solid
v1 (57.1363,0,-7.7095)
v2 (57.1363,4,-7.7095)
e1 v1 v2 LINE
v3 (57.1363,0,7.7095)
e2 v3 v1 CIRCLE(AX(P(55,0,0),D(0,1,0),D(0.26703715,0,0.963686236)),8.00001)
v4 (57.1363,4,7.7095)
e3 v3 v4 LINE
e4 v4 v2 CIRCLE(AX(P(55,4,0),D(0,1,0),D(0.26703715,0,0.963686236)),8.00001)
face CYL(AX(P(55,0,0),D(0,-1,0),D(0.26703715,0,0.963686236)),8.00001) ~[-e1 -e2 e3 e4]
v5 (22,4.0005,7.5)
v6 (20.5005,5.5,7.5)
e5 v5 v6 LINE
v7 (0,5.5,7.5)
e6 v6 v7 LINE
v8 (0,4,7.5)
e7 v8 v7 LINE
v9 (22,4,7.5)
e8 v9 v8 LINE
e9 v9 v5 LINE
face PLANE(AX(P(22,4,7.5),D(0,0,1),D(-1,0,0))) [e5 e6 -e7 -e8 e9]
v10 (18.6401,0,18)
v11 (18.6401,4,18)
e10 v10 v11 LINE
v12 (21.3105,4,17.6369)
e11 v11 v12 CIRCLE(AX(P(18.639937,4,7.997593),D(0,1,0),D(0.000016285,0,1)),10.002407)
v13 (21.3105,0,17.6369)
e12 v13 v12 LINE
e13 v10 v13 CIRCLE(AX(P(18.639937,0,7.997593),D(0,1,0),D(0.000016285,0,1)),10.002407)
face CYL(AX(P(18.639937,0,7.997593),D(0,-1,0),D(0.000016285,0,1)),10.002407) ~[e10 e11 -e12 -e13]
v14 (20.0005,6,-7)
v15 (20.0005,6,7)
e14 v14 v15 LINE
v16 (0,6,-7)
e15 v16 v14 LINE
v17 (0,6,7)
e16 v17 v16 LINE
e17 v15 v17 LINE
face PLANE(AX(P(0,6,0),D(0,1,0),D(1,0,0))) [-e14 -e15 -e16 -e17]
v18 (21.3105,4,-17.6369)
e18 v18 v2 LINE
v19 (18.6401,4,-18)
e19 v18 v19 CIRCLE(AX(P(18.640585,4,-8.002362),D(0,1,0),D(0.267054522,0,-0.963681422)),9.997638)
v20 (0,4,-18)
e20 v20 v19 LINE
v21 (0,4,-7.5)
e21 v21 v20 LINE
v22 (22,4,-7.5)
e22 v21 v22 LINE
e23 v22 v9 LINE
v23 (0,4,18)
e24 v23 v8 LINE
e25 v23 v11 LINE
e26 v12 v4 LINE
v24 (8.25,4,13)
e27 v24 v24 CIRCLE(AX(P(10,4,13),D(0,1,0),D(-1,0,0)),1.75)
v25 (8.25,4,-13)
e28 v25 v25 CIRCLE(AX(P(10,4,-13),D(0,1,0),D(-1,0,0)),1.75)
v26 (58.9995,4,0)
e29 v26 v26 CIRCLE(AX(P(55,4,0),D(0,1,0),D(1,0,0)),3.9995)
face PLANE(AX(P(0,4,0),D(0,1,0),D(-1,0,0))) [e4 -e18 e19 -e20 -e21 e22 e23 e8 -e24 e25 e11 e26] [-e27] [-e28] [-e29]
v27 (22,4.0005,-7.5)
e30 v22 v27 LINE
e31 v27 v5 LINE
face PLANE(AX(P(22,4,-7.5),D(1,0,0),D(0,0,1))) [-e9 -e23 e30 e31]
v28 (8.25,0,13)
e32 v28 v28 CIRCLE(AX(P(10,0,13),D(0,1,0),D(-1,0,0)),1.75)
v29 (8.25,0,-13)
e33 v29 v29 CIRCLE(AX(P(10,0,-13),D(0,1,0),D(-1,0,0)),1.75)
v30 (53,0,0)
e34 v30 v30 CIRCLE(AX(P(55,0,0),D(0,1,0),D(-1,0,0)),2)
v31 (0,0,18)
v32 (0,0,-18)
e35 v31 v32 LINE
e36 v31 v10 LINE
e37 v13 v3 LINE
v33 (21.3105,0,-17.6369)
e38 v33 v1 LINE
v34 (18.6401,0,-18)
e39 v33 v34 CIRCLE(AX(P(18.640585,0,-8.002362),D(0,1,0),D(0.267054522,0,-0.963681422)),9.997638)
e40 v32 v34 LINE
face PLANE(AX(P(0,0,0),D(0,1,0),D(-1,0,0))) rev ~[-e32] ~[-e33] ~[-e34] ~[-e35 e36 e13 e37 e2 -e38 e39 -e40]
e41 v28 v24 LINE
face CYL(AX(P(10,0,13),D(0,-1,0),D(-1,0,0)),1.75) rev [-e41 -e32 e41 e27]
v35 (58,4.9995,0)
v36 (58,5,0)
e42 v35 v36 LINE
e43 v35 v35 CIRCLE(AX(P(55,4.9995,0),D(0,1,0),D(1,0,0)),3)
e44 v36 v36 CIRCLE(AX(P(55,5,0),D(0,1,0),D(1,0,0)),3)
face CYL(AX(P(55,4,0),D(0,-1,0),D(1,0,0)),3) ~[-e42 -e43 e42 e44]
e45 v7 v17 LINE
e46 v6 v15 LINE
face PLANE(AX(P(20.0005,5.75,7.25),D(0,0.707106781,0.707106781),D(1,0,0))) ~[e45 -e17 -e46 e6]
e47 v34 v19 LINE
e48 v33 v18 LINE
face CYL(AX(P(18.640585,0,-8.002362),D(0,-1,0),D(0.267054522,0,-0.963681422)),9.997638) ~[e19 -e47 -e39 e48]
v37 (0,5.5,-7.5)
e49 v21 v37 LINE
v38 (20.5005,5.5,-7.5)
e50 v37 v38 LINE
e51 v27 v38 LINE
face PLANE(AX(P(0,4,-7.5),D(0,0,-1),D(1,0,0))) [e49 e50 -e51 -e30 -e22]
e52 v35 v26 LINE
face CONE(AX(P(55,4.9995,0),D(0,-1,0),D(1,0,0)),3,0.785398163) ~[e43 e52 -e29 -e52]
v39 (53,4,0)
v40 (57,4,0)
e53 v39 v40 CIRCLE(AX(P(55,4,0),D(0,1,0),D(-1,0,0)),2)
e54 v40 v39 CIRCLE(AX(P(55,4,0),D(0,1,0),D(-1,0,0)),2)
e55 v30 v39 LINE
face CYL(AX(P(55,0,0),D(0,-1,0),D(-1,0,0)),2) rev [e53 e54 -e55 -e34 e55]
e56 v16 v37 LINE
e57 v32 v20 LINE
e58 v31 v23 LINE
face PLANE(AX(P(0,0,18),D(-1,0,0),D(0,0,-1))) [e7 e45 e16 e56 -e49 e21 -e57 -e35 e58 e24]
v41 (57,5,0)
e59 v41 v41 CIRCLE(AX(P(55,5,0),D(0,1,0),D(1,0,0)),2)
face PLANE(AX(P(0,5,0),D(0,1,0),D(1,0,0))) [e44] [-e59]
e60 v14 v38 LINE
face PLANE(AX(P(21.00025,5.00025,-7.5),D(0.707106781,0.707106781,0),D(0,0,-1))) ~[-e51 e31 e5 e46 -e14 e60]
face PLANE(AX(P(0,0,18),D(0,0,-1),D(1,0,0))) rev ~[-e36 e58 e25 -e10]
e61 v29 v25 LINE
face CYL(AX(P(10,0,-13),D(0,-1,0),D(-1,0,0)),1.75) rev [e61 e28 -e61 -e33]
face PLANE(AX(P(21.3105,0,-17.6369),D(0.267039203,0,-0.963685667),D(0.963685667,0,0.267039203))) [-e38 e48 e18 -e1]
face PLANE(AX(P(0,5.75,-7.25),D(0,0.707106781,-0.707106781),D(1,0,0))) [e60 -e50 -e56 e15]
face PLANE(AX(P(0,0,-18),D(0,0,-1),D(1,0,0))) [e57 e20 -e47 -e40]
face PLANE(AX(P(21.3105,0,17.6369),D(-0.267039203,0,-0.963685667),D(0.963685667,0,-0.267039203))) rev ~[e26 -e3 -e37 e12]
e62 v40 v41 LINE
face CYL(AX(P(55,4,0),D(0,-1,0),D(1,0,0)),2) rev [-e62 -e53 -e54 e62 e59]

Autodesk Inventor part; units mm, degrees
ref_plane "YZ Plane" through (0, 0, 0) normal (1, 0, 0) x (0, 1, 0)
ref_plane "XZ Plane" through (0, 0, 0) normal (0, 1, 0) x (-1, 0, 0)
ref_plane "XY Plane" through (0, 0, 0) normal (0, 0, 1) x (1, 0, 0)
sketch "Эскиз1" plane through (0, 0, 0) normal (0, 1, 0) x (-1, 0, 0)
  line L0 (0, 18) -> (0, -18)
  arc A0 (-57.1363, 7.7095) -> (-57.1363, -7.7095) centre (-55, 0) ccw
  line L1 (0, 0) -> (-6.25, 0) construction
  line L2 (0, 18) -> (-18.6401, 18)
  line L3 (-21.3105, 17.6369) -> (-57.1363, 7.7095)
  line L4 (0, -18) -> (-18.6401, -18)
  line L5 (-21.3105, -17.6369) -> (-57.1363, -7.7095)
  circle A1 centre (-55, 0) radius 2
  arc A2 (-18.6401, 18) -> (-21.3105, 17.6369) centre (-18.6401, 8) ccw
  arc A3 (-21.3105, -17.6369) -> (-18.6401, -18) centre (-18.6401, -8) ccw
  circle A4 centre (-10, -13) radius 1.75
  circle A5 centre (-10, 13) radius 1.75
  line L6 (-10, 13) -> (-10, -13) construction
  point P0 (-20, 18)
  dimension "d0" = 16
  dimension "d1" = 36
  dimension "d2" = 55
  dimension "d3" = 20
  dimension "d4" = 4
  dimension "d5" = 10
  dimension "d18" = 3.5
  dimension "d19" = 13
  dimension "d20" = 10
extrude "Выдавливание1" add sketch "Эскиз1" along normal blind 4
sketch "Эскиз2" plane through (0, 4, 0) normal (0, 1, 0) x (1, 0, 0)
  line L0 (0, 0) -> (14.985, 0) construction
  line L1 (0, 7.5) -> (22, 7.5)
  line L2 (22, 7.5) -> (22, -7.5)
  line L3 (22, -7.5) -> (0, -7.5)
  line L4 (0, -7.5) -> (0, 7.5)
  line L5 (0, 18) -> (0, -18) projected
  dimension "d8" = 15
  dimension "d9" = 22
extrude "Выдавливание2" add sketch "Эскиз2" along normal blind 2
chamfer "Фаска1" distance 2 angle 45 1 edges at (22, 6, 0)
chamfer "Фаска2" distance 0.5 angle 45 2 edges at (10.0002, 6, 7.5) (10.0003, 6, -7.5)
sketch "Эскиз4" plane through (0, 4, 0) normal (0, 1, 0) x (1, 0, 0)
  circle A0 centre (55, 0) radius 2 projected
  circle A1 centre (55, 0) radius 3
  point P0 (0, 0)
  dimension "d21" = 1
extrude "Выдавливание3" add sketch "Эскиз4" along normal blind 1
chamfer "Фаска3" distance 1 angle 45 1 edges at (52, 4, 0)
properties part number "04-06-Рычаг верхний"
